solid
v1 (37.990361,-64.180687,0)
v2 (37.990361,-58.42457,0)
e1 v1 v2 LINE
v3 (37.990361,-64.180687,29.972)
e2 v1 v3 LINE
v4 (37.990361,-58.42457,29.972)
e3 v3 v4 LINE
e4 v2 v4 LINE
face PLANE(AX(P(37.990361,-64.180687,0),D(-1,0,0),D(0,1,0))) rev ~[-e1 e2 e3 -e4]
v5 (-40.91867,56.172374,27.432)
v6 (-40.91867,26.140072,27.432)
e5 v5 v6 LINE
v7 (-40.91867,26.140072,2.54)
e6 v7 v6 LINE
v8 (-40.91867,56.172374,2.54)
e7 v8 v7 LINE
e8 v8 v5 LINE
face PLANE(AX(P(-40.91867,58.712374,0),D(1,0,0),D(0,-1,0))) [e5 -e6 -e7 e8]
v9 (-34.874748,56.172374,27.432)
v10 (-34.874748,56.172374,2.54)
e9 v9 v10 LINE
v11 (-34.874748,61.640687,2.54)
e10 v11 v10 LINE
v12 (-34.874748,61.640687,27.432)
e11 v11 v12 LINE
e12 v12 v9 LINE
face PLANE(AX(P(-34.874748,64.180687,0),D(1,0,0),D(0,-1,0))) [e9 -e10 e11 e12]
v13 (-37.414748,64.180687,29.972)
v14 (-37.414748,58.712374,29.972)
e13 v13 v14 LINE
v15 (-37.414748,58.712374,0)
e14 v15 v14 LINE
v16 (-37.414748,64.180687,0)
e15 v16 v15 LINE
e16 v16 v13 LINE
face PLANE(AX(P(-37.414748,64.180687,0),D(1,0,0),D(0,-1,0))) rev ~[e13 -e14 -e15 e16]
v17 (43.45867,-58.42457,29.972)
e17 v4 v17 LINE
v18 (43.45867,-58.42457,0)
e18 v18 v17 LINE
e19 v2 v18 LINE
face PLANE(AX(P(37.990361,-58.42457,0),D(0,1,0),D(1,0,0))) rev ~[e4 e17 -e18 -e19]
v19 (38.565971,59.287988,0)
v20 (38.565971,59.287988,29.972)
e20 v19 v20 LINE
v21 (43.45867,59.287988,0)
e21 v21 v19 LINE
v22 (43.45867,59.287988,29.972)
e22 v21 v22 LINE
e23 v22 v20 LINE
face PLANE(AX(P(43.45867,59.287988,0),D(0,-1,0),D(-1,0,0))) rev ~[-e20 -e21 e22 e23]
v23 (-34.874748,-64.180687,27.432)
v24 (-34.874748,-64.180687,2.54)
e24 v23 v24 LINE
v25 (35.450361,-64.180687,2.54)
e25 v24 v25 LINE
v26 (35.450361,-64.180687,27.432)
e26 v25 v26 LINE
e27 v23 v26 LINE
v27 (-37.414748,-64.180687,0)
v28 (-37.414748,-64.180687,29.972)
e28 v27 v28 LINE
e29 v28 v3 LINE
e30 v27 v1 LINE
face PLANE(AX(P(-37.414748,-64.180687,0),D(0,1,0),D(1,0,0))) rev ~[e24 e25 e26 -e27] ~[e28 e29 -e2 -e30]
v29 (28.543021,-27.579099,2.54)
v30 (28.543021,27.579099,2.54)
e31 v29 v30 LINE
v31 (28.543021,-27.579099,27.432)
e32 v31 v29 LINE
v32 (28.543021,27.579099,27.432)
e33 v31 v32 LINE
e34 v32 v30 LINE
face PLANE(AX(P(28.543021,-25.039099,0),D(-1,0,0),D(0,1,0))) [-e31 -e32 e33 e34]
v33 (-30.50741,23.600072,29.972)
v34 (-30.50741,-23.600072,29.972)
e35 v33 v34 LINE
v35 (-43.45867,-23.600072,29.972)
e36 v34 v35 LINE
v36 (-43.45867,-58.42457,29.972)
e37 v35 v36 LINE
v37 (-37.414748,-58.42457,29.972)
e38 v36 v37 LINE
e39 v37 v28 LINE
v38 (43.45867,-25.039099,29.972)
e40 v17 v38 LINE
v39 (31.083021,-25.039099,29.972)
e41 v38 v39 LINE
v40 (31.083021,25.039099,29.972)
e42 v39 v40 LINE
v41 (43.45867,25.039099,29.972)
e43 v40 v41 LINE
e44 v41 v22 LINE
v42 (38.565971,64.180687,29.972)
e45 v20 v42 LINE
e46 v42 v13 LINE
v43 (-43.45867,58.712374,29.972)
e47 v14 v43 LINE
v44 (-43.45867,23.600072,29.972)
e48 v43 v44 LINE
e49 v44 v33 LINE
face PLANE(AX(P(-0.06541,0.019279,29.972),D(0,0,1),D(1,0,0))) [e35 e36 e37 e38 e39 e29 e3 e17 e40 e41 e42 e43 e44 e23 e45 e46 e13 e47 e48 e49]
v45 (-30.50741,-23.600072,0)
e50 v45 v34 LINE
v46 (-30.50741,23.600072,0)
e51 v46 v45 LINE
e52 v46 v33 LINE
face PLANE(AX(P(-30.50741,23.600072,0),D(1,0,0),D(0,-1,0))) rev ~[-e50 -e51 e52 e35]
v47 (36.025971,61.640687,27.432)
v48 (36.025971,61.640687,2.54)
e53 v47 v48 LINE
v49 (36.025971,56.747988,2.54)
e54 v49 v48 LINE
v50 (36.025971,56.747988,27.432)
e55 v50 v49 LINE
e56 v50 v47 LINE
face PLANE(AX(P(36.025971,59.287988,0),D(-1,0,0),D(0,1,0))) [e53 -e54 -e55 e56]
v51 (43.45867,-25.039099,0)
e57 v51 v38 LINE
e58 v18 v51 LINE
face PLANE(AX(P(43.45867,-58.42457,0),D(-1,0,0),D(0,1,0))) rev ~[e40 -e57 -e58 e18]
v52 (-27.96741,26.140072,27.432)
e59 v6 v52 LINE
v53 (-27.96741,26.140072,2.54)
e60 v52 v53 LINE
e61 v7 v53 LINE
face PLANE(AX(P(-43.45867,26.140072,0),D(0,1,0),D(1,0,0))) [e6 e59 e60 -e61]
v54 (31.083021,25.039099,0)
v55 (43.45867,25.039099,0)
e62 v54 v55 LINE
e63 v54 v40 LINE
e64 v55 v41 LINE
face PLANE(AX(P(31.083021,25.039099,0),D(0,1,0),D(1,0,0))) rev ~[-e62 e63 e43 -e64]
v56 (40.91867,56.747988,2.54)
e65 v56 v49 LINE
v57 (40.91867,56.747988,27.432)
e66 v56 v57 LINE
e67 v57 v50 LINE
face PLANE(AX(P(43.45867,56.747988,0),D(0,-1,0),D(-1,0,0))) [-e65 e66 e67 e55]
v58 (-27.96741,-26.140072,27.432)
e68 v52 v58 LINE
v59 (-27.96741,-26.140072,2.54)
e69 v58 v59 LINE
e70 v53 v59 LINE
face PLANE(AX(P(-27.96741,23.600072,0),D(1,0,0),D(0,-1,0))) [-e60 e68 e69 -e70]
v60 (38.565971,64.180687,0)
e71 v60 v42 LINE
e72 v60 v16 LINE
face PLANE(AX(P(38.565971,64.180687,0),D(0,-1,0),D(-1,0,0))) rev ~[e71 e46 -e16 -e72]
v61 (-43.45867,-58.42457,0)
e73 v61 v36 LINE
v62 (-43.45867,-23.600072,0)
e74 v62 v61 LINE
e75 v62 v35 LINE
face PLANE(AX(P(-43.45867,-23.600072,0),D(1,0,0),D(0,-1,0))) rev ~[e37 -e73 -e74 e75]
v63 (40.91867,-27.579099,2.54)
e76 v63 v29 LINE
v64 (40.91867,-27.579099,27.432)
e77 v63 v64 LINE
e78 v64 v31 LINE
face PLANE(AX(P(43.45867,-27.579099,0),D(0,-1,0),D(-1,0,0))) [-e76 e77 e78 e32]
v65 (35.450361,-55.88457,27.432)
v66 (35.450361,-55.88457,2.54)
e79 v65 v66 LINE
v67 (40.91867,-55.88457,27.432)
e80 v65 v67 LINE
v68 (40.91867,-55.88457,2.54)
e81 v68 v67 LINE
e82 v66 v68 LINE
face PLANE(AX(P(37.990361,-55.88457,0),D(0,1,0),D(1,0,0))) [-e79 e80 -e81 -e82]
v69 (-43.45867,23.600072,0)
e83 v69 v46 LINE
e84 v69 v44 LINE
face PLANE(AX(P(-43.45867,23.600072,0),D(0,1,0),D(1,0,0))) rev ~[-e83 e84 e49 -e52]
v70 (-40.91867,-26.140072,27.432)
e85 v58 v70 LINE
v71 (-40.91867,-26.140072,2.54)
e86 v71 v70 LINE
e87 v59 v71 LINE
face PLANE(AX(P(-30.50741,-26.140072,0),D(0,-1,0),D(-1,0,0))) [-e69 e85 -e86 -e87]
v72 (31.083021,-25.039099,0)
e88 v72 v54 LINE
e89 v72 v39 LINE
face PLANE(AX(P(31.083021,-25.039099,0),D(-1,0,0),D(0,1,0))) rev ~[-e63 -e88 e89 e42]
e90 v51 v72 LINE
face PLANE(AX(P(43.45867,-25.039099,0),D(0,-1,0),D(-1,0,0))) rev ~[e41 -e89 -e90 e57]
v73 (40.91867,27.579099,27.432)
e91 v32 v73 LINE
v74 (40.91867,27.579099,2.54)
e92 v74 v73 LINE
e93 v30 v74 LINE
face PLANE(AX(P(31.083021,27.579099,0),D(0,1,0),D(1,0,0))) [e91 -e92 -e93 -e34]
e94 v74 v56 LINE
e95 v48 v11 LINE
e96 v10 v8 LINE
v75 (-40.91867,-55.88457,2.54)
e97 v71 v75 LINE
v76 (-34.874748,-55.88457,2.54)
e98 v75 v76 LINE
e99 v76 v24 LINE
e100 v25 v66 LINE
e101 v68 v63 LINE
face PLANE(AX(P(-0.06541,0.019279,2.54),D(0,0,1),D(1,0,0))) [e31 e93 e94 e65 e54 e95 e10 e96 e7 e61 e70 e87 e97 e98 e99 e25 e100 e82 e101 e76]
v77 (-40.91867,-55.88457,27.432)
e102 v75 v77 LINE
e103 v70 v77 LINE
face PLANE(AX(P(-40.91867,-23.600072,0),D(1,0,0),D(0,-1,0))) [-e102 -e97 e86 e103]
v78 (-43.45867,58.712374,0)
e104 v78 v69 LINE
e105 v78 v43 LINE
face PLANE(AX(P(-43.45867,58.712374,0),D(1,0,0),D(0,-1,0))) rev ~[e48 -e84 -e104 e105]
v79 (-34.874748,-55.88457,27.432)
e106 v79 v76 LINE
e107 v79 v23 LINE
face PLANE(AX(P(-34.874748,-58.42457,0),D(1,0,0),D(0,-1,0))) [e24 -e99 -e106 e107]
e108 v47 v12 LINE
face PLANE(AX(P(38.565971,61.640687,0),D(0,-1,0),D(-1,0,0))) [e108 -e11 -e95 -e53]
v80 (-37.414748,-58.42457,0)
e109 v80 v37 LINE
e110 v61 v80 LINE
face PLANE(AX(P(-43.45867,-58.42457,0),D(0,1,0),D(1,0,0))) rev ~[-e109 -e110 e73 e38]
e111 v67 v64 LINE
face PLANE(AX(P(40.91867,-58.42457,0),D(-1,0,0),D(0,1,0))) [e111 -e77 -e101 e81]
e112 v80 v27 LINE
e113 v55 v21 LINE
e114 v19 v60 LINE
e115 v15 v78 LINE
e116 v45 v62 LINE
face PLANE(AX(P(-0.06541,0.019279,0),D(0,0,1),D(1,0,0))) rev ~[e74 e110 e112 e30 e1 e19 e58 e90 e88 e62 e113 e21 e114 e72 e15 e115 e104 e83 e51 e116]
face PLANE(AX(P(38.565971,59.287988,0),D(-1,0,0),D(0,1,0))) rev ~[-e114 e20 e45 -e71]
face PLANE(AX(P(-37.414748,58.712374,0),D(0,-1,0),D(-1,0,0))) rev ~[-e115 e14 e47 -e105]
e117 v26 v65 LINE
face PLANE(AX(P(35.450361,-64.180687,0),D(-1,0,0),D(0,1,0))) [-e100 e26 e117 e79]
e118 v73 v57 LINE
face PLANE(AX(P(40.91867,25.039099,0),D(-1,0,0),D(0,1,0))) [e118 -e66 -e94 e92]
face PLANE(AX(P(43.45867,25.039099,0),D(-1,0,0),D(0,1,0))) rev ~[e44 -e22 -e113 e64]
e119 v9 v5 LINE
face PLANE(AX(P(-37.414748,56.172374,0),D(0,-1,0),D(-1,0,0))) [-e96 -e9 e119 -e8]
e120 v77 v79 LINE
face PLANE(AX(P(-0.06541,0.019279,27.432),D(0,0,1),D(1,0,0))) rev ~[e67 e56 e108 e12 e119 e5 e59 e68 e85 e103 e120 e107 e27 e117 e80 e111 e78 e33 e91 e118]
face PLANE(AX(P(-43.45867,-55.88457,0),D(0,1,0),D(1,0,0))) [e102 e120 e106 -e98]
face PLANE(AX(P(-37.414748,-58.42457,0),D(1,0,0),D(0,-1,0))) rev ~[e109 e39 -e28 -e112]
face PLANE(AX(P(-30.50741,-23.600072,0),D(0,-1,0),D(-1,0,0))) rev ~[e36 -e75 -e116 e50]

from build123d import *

# Parameters (mm, degrees)
F1_DEPTH = 29.972
F2_T     = -2.54


with BuildPart() as f1:
    # F0 (on Top) → F1 (new body)
    with BuildSketch(Plane.XY):
        Polygon((38.5659709573, 64.1806870699), (-37.4147482216, 64.1806870699), (-37.4147482216, 58.712374419), (-43.4586703777, 58.712374419), (-43.4586703777, 23.6000716686), (-30.5074099451, 23.6000716686), (-30.5074099451, -23.6000716686), (-43.4586703777, -23.6000716686), (-43.4586703777, -58.4245696664), (-37.4147482216, -58.4245696664), (-37.4147482216, -64.1806870699), (37.9903614521, -64.1806870699), (37.9903614521, -58.4245696664), (43.4586703777, -58.4245696664), (43.4586703777, -25.0390991569), (31.083021313, -25.0390991569), (31.083021313, 25.0390991569), (43.4586703777, 25.0390991569), (43.4586703777, 59.2879876494), (38.5659709573, 59.2879876494), align=None)
    extrude(amount=F1_DEPTH)

    # F2
    f2_openings = [f1.faces().sort_by_distance(p)[0] for p in [
        (0.287807, -64.180687, 14.986),
    ]]
    offset(amount=F2_T, openings=f2_openings, kind=Kind.INTERSECTION)


solid = f1.part
